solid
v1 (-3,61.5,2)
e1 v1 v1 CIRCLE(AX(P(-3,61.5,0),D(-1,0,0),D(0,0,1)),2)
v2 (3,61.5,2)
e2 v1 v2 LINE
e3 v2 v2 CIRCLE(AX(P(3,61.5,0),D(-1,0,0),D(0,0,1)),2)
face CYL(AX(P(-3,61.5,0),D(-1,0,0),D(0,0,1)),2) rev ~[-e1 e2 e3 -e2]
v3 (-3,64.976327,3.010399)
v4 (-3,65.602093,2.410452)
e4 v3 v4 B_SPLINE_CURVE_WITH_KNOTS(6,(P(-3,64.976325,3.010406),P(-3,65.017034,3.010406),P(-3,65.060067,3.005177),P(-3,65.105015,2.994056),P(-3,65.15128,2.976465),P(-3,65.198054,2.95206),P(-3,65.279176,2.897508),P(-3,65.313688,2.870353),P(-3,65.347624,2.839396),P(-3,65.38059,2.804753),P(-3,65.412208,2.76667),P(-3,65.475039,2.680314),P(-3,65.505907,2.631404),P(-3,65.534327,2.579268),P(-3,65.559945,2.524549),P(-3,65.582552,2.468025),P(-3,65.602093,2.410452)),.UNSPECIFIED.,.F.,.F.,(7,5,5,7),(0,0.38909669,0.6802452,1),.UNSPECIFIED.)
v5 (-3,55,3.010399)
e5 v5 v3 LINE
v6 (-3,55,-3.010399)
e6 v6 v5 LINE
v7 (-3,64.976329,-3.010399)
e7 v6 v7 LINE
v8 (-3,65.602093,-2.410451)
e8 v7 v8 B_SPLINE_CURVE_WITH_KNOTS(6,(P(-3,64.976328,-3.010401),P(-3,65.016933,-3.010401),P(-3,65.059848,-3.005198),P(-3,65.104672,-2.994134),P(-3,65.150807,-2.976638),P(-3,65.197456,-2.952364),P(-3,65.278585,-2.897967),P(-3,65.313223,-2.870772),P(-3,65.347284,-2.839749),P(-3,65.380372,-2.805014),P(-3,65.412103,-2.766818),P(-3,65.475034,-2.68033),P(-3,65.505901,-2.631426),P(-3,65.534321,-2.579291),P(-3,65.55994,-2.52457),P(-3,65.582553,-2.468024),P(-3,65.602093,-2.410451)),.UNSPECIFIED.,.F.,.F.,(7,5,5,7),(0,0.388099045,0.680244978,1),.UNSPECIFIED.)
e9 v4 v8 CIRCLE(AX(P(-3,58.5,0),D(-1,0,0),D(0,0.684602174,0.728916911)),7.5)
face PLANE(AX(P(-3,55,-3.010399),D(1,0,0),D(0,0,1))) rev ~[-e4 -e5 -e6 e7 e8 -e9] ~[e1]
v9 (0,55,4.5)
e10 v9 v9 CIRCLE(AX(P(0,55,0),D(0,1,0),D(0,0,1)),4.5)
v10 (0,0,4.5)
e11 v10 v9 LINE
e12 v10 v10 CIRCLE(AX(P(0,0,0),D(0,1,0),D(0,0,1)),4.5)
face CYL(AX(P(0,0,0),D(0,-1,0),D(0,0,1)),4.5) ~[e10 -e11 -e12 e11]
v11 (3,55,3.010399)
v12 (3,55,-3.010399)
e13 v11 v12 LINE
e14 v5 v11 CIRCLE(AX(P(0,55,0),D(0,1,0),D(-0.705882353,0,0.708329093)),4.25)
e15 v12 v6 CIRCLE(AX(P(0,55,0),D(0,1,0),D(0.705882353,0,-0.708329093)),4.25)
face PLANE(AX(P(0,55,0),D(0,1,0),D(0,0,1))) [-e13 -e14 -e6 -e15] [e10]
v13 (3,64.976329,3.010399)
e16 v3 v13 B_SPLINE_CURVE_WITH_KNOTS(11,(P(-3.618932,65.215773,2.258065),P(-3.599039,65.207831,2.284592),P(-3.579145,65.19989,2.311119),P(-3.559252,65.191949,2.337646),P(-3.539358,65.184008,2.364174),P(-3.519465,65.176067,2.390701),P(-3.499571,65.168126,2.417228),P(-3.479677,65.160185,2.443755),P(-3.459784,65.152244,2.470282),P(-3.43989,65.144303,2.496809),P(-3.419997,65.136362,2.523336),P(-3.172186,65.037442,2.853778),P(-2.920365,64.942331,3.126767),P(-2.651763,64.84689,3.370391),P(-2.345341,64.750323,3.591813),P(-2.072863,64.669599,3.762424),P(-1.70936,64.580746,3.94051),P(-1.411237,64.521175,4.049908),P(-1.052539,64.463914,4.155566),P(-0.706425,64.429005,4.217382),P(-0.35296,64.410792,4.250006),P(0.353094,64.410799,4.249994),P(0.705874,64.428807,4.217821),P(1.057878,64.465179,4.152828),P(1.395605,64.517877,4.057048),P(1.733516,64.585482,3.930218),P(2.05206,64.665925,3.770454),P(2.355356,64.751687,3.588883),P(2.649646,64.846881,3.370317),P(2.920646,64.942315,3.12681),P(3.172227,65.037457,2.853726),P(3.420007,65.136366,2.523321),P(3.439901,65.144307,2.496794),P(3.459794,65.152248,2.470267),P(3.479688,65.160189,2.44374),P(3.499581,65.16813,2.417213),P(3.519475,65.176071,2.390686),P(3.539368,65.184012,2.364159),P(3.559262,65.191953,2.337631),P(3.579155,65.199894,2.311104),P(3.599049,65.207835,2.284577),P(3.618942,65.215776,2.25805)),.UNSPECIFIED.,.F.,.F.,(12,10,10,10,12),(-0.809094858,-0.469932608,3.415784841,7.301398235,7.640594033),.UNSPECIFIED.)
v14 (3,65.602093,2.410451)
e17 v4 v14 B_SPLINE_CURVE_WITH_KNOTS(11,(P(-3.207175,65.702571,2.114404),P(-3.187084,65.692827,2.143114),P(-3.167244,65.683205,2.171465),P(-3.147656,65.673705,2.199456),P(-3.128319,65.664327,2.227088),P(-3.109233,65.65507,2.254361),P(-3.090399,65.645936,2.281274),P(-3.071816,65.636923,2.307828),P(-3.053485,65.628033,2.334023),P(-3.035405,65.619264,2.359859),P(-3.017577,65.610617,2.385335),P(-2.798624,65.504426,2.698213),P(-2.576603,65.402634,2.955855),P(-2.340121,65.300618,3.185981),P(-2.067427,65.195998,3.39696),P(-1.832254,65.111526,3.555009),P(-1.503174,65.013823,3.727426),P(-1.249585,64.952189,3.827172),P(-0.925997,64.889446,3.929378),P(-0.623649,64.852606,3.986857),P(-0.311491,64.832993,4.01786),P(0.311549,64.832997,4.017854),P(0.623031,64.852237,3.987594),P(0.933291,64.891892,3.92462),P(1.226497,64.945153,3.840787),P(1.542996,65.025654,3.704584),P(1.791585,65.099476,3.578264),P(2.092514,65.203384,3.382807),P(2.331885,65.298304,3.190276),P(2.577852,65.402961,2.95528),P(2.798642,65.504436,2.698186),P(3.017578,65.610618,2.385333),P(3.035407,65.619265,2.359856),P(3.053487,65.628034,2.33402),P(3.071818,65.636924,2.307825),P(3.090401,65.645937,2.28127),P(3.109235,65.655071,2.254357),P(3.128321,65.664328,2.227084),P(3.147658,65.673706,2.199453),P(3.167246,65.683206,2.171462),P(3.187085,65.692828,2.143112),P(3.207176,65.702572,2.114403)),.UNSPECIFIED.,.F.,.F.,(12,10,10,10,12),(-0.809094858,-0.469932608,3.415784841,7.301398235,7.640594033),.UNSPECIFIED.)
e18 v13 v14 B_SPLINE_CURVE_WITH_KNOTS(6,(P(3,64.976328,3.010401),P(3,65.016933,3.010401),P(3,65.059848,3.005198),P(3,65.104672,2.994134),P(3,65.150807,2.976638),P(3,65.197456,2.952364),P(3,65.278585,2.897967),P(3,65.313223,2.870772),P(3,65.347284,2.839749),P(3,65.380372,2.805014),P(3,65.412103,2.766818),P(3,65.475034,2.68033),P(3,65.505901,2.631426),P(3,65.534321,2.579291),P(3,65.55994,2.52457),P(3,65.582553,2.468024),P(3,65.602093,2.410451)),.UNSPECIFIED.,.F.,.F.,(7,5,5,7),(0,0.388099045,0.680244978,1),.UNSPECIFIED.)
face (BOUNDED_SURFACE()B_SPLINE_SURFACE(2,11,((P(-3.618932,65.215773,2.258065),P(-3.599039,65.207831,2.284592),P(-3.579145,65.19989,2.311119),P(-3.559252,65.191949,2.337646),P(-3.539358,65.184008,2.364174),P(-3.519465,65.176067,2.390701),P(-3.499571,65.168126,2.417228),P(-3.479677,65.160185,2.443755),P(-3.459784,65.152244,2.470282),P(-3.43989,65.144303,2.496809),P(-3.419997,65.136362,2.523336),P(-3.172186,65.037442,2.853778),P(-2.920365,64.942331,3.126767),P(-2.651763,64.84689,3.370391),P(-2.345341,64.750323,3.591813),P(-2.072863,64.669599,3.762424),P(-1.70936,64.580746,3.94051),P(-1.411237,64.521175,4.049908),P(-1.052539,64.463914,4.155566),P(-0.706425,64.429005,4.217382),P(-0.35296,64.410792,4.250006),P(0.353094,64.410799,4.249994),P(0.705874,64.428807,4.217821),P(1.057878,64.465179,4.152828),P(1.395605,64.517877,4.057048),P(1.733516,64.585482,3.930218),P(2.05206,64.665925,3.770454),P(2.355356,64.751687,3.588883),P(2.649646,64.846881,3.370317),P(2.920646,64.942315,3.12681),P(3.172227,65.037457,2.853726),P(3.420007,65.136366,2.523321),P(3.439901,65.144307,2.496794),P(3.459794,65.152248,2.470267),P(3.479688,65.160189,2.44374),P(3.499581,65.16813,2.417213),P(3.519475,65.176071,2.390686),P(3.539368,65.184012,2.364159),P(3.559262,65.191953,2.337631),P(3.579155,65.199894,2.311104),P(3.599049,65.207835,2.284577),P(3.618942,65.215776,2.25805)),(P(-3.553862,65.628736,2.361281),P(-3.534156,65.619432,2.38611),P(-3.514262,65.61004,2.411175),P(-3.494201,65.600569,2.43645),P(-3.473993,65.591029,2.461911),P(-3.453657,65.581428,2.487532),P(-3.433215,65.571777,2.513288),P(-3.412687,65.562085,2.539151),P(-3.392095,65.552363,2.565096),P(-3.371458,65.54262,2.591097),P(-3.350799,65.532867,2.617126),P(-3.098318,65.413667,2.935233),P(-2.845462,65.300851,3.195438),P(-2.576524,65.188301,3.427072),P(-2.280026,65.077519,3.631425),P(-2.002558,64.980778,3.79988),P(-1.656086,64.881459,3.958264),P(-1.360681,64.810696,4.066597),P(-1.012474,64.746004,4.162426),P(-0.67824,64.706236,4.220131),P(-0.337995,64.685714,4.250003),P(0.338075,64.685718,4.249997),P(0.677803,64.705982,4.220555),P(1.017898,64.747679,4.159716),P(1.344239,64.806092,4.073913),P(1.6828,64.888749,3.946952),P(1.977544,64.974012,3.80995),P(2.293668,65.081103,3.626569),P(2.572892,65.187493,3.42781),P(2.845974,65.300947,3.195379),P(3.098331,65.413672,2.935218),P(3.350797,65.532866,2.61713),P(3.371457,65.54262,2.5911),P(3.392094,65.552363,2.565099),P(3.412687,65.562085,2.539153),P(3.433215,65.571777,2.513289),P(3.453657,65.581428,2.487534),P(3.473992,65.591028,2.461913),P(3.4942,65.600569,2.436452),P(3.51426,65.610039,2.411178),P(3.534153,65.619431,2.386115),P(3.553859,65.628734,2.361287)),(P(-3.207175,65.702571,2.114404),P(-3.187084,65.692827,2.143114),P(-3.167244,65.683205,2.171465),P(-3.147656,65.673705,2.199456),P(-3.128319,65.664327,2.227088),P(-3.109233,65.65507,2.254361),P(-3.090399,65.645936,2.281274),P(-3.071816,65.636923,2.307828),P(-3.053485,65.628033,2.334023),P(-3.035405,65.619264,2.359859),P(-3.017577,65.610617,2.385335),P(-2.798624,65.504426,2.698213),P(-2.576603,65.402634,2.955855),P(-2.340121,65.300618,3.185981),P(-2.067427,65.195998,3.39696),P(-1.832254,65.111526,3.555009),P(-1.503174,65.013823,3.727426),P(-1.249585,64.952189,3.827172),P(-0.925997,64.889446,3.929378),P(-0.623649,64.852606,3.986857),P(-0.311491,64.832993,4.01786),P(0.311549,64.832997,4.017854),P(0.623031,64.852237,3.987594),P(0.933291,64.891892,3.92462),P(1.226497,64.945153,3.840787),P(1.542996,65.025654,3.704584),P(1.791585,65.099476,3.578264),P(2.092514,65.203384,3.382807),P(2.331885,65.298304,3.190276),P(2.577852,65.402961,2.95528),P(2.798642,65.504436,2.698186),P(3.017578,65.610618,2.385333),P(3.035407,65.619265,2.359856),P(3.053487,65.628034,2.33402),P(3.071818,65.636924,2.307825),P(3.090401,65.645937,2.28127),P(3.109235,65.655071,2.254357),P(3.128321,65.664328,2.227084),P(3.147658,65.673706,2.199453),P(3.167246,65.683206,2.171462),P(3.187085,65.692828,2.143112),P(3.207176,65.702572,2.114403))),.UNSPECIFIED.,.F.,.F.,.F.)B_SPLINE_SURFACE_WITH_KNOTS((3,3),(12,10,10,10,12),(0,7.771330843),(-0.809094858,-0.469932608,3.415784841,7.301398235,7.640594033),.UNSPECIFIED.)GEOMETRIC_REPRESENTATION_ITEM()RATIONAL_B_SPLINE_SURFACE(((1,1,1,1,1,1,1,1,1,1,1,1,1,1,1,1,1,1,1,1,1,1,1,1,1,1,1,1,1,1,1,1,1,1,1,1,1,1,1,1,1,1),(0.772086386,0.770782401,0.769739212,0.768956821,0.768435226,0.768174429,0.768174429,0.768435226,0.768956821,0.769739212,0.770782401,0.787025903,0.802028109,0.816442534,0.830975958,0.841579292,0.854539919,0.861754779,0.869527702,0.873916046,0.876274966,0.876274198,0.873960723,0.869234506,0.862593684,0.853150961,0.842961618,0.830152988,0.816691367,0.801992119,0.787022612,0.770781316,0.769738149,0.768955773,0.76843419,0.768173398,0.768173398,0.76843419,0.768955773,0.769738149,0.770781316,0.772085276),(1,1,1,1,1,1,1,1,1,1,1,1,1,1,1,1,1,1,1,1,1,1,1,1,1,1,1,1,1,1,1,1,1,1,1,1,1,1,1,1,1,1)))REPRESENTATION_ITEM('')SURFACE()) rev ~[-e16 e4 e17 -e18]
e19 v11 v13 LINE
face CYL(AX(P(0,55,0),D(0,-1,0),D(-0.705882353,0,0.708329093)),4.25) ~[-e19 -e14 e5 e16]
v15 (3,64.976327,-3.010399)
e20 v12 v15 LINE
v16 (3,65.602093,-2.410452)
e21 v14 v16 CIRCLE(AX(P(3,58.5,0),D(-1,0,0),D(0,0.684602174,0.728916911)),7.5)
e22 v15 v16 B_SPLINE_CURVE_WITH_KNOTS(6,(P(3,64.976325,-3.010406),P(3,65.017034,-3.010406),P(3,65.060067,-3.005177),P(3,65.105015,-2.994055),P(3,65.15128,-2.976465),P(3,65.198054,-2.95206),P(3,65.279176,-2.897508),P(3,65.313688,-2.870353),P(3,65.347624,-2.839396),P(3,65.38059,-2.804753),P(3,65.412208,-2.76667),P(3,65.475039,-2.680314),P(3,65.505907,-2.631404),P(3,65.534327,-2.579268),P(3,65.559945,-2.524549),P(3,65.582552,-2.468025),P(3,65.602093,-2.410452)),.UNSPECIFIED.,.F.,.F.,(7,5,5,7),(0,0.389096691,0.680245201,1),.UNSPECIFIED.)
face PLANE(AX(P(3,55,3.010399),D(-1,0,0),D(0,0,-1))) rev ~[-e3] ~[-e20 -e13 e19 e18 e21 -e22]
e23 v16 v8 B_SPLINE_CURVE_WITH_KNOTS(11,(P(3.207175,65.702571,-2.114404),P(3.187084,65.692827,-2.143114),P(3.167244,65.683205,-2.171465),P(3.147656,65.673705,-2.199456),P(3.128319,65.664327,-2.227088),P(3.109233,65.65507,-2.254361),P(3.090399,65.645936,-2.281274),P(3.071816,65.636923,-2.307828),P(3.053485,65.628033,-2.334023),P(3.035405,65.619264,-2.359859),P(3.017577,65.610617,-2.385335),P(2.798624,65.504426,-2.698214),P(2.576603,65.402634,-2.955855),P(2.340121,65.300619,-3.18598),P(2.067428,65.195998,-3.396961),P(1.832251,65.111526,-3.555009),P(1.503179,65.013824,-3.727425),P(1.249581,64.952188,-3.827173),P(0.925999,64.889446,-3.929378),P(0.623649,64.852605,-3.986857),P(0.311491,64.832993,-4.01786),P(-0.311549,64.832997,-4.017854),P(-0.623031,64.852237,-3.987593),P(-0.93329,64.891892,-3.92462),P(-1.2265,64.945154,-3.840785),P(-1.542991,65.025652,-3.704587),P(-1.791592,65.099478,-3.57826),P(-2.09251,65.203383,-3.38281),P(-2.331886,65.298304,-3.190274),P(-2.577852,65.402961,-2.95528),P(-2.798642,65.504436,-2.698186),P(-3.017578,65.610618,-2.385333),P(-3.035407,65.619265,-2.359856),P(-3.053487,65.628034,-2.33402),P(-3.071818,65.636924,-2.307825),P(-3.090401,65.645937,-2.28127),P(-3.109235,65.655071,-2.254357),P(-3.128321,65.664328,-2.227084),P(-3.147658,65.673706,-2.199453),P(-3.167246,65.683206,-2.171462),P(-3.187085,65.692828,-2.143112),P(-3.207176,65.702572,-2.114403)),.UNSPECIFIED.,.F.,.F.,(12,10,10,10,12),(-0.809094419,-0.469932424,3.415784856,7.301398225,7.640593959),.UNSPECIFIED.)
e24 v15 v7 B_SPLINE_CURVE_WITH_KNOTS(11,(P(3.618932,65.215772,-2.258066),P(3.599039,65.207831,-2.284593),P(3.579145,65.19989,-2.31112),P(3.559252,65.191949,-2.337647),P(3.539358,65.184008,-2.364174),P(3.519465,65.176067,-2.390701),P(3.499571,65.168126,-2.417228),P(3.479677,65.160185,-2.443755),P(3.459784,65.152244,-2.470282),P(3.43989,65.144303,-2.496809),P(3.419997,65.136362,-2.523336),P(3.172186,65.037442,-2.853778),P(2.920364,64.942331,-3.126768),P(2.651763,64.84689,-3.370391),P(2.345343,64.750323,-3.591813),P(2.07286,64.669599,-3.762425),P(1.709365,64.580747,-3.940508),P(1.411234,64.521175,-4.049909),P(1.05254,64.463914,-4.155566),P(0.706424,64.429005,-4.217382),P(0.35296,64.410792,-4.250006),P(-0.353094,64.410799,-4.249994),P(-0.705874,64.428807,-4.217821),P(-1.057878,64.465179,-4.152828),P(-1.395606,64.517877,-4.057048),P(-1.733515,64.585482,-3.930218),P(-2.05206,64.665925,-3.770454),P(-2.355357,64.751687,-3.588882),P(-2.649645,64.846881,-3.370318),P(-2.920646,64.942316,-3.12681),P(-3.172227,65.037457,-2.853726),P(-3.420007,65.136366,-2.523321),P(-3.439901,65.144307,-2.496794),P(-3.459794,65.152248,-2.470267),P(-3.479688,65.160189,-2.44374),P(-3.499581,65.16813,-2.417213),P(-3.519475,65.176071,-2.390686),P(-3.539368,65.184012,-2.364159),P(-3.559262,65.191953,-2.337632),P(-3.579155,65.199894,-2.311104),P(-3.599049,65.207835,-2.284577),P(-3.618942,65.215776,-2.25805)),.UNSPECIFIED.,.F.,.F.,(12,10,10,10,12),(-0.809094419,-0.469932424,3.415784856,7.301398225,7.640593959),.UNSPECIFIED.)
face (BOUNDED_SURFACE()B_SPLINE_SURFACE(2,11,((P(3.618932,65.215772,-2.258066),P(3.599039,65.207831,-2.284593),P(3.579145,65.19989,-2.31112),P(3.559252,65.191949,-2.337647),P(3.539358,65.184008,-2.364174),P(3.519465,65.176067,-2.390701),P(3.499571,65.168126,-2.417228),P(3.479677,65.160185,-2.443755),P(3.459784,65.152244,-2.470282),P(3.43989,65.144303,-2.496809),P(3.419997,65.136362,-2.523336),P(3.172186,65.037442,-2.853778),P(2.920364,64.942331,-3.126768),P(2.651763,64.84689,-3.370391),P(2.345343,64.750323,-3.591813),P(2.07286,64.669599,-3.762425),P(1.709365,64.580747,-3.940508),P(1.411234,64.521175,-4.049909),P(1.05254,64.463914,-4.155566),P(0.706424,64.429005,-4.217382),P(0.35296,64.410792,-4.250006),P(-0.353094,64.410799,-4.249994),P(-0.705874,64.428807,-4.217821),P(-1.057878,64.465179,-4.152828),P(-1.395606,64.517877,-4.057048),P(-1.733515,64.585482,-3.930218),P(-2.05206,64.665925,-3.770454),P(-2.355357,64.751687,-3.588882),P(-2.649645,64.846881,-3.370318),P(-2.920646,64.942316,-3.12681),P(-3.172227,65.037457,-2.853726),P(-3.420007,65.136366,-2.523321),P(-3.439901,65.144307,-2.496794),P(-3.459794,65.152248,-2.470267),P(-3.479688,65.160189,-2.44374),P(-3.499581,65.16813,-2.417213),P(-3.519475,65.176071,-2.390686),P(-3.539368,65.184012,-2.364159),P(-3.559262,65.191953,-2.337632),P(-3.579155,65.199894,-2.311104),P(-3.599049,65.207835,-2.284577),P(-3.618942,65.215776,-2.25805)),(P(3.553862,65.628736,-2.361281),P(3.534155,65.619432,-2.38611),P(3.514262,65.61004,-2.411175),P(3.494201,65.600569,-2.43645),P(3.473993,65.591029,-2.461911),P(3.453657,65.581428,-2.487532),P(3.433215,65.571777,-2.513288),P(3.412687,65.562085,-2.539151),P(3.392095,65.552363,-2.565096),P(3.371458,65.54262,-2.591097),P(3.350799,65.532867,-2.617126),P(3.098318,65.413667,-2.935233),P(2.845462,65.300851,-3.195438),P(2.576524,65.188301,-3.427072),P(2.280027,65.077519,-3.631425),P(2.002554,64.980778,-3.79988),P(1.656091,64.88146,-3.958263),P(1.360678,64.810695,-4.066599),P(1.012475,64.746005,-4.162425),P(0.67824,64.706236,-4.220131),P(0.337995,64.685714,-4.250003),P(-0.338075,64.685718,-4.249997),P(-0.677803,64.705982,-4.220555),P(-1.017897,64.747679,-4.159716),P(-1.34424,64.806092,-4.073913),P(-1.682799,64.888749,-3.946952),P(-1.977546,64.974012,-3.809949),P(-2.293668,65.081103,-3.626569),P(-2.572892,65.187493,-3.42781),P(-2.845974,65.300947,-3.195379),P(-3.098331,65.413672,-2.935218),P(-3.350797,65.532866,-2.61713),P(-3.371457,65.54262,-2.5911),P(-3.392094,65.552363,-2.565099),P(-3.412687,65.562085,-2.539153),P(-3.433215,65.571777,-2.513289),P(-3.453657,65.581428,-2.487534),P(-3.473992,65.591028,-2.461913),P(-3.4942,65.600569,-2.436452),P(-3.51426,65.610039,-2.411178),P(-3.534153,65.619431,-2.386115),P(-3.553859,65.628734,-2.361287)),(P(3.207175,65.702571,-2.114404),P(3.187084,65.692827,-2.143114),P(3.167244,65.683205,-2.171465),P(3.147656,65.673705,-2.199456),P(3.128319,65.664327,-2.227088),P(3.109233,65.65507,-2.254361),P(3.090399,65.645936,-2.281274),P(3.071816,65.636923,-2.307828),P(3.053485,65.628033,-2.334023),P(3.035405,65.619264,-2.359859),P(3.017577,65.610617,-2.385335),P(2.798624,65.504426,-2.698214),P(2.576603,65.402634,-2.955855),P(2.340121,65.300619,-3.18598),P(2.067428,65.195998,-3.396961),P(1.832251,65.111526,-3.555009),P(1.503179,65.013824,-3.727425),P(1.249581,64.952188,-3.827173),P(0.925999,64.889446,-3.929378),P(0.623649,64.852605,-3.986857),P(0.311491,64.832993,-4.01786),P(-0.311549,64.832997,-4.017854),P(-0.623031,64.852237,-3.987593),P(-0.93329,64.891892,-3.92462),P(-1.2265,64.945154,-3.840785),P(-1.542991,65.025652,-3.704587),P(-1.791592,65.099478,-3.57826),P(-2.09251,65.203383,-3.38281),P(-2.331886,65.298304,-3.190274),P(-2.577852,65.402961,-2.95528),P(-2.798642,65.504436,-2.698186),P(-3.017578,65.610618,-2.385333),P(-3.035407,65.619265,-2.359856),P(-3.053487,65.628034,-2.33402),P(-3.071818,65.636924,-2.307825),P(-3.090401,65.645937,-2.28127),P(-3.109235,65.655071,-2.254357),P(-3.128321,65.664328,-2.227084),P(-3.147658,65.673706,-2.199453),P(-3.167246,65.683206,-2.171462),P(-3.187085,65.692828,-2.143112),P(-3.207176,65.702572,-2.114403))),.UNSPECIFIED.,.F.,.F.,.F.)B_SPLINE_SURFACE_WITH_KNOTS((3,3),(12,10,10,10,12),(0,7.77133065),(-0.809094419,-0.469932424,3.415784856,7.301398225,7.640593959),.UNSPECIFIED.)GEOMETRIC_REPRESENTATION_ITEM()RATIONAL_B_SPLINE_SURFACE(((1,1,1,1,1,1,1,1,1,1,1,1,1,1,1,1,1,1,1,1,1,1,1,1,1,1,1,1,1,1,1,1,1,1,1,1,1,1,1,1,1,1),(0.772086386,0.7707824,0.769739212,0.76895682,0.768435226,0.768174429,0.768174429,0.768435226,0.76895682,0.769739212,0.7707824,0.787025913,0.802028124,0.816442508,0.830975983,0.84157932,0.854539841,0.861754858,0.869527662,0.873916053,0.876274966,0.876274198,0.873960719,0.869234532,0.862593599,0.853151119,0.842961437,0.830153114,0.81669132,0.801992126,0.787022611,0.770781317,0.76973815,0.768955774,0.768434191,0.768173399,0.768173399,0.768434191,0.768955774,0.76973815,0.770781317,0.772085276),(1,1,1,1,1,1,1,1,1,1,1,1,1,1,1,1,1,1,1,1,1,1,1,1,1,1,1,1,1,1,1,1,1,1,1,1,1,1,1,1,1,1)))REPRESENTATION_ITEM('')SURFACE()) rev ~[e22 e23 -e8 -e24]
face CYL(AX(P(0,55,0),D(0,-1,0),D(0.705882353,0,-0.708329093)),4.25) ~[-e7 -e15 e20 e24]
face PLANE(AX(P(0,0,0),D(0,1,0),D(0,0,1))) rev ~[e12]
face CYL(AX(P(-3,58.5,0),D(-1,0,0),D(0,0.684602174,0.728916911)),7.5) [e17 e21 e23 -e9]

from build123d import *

# Parameters (mm, degrees)
SKETCH_1_R          = 4.5
EXTRUDE_1_DEPTH     = 55
EXTRUDE_2_DEPTH     = 15
SKETCH_4_R          = 2
CUT_EXTRUDE_1_DEPTH = 71.544312315
CUT_EXTRUDE_3_DEPTH = 71.544312315
FILLET_1_R          = 0.5


with BuildPart() as part:
    # 草图1 → 凸台-拉伸1 (new body)
    with BuildSketch(Plane(origin=(0, 0, 0), x_dir=(1, 0, 0), z_dir=(0, 1, 0))):
        with Locations(Location((0, 0, 0), (0, 0, 270))):
            Circle(SKETCH_1_R)
    extrude(amount=EXTRUDE_1_DEPTH)

    # 草图2 → 凸台-拉伸2 (add)
    with BuildSketch(Plane(origin=(0, 55, 0), x_dir=(1, 0, 0), z_dir=(0, 1, 0))):
        with BuildLine():
            Line((-3, 3.010398645), (-3, -3.010398645))
            ThreePointArc((-3, -3.010398645), (0, -4.25), (3, -3.010398645))
            Line((3, -3.010398645), (3, 3.010398645))
            ThreePointArc((3, 3.010398645), (0, 4.25), (-3, 3.010398645))
        make_face()
    extrude(amount=EXTRUDE_2_DEPTH)

    # 草图4 → 切除-拉伸1 (cut, through all)
    with BuildSketch(Plane.ZY.offset(3)):
        with Locations((0, 61.5)):
            Circle(SKETCH_4_R)
    extrude(amount=-CUT_EXTRUDE_1_DEPTH, mode=Mode.SUBTRACT)

    # 草图5 → 切除-拉伸3 (cut, through all)
    with BuildSketch(Plane.ZY.offset(3)):
        with BuildLine():
            Line((-4.813255022, 64.251745482), (-4.813255022, 72.406434262))
            Line((-4.813255022, 72.406434262), (5.466876832, 72.406434262))
            Line((5.466876832, 72.406434262), (5.466876832, 63.634516306))
            ThreePointArc((5.466876832, 63.634516306), (0.449497866, 65.986517994), (-4.813255022, 64.251745482))
        make_face()
    extrude(amount=-CUT_EXTRUDE_3_DEPTH, mode=Mode.SUBTRACT)

    # 圆角1
    fillet_1_edges = [part.edges().sort_by_distance(p)[0] for p in [
        (0, 64.679603547, -4.25),
        (0, 64.679603547, 4.25),
    ]]
    fillet(fillet_1_edges, radius=FILLET_1_R)


solid = part.part
